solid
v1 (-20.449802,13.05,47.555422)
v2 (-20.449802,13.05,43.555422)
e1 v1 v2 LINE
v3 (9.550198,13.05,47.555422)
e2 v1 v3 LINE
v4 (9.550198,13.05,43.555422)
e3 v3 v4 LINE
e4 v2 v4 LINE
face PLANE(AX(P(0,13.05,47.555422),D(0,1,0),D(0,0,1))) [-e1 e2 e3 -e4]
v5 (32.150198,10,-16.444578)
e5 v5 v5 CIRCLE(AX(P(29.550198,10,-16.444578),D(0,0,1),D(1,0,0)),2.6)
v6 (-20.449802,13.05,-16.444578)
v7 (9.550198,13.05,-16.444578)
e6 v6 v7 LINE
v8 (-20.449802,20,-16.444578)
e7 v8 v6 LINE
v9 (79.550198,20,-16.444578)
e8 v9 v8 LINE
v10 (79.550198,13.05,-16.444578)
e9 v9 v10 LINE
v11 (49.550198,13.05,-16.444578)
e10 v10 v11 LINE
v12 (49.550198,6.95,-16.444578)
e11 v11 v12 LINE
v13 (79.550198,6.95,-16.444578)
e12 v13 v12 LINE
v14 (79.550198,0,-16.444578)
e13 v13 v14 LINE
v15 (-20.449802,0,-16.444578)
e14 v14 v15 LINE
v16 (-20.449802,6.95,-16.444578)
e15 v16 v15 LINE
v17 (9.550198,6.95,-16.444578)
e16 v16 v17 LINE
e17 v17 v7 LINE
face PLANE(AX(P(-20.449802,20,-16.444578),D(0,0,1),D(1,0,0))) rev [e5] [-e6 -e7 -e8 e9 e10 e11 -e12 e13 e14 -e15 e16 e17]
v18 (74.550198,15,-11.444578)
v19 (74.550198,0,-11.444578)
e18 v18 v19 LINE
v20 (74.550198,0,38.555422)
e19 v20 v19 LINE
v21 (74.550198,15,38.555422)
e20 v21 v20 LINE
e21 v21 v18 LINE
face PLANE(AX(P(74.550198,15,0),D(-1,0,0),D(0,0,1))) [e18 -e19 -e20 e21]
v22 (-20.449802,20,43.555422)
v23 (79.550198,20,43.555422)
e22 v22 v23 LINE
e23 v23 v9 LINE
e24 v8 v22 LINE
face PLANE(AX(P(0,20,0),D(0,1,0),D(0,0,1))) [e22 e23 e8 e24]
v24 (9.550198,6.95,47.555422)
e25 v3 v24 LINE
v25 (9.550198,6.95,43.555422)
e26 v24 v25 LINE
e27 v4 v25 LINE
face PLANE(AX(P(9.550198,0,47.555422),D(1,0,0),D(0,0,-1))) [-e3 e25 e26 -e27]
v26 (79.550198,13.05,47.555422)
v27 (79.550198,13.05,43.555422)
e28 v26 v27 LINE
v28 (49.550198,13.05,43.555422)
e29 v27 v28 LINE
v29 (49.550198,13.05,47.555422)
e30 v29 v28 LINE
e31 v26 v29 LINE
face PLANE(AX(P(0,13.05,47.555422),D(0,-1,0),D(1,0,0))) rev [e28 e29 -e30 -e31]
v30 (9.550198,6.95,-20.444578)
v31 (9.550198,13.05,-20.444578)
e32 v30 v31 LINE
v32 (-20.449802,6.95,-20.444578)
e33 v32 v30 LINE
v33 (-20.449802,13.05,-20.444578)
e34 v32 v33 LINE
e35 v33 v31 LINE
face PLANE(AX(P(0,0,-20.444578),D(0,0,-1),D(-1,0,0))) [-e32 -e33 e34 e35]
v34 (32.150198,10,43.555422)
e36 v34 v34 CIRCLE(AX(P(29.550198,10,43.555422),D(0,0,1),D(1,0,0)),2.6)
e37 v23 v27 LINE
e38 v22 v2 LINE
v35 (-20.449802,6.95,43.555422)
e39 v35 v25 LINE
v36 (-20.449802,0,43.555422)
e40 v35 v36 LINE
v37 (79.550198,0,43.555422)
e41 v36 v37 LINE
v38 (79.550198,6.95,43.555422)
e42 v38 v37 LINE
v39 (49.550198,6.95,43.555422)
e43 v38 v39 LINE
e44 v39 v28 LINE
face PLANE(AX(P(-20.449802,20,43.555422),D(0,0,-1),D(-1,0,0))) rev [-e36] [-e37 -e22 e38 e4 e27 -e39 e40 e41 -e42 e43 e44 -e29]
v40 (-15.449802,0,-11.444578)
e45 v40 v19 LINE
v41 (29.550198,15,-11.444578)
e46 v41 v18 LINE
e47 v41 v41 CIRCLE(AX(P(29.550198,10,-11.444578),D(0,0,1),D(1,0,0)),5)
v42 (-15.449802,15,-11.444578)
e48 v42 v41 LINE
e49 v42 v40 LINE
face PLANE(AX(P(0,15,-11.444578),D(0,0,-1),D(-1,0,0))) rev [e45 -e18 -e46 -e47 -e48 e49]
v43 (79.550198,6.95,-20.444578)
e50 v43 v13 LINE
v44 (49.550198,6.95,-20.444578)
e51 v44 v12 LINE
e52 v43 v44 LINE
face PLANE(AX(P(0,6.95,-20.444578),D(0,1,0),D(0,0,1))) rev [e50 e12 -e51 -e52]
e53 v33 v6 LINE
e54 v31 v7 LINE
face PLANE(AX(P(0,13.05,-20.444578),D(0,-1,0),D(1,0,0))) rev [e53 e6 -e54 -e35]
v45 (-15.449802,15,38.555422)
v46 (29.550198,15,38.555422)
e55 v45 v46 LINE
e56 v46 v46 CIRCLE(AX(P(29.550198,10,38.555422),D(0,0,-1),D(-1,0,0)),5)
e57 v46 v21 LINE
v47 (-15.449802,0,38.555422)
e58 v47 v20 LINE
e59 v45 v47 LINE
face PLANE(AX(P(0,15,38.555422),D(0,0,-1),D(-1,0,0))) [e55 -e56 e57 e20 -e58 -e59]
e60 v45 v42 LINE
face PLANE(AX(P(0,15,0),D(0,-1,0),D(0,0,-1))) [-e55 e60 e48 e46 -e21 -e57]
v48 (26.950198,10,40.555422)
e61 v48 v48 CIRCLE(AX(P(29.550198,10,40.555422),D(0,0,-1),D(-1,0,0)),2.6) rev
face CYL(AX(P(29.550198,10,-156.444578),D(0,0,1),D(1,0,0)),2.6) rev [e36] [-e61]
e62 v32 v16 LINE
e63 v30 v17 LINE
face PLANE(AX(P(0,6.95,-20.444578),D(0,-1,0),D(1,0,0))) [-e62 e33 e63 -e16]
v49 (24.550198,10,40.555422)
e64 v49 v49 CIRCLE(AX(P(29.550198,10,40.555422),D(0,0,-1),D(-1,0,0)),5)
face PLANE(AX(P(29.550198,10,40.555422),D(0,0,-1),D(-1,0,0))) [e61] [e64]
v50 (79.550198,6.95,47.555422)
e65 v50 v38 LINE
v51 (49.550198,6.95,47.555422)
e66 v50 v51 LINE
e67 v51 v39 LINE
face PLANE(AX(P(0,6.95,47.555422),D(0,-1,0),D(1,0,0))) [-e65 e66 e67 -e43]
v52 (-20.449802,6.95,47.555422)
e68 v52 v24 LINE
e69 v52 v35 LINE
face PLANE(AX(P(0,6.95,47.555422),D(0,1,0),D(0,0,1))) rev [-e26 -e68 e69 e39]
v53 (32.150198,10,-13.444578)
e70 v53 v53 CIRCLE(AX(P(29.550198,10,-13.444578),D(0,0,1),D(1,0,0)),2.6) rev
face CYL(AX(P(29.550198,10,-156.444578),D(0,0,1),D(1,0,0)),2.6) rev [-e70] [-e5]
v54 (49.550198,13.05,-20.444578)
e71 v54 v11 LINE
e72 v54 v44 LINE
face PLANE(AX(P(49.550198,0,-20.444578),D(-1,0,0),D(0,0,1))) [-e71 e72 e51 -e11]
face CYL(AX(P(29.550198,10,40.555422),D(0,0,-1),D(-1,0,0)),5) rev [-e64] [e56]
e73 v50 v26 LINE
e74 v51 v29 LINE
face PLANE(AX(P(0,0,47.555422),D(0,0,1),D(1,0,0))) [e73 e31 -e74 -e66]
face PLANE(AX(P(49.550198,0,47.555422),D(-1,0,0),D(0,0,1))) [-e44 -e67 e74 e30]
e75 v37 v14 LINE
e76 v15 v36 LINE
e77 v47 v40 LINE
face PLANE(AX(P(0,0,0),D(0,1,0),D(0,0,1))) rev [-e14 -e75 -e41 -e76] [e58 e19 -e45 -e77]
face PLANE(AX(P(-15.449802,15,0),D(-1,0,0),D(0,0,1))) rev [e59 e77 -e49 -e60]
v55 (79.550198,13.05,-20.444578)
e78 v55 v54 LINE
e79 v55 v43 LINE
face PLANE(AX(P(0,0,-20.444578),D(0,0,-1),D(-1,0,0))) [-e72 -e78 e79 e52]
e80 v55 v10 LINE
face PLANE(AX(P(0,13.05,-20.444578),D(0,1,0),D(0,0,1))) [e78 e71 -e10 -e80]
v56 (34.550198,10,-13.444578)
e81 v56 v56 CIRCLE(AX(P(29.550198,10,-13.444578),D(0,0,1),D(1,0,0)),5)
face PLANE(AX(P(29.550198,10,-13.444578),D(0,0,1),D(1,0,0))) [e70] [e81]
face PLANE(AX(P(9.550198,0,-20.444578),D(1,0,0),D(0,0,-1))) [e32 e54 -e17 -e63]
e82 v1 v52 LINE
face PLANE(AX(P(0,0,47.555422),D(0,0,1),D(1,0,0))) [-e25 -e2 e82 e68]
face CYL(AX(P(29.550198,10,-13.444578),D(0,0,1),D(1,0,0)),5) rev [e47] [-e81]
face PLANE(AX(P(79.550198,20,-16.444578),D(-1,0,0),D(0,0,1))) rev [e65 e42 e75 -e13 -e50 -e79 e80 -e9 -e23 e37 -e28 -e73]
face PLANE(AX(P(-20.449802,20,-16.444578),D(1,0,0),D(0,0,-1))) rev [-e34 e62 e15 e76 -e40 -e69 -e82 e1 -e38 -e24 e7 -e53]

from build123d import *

# Parameters (mm, degrees)
SKETCH_1_W          = 100
SKETCH_1_H          = 60
EXTRUDE_1_DEPTH     = 20
SKETCH_2_W          = 90
SKETCH_2_H          = 50
CUT_EXTRUDE_1_DEPTH = 15
CUT_EXTRUDE_6_DEPTH = 200
SKETCH_9_R          = 5
CUT_EXTRUDE_7_DEPTH = 2
CUT_EXTRUDE_START   = -2
SKETCH_10_R         = 5
CUT_EXTRUDE_8_DEPTH = 2
SKETCH_11_W         = 30
SKETCH_11_H         = 3.05
EXTRUDE_2_DEPTH     = 4
SKETCH_12_W         = 30
SKETCH_12_H         = 3.05
EXTRUDE_3_DEPTH     = 4


with BuildPart() as part:
    # 草图1 → 凸台-拉伸1 (new body)
    with BuildSketch(Plane(origin=(0, 0, 0), x_dir=(1, 0, 0), z_dir=(0, 1, 0))):
        with Locations((29.550198358, -13.555421679)):
            Rectangle(SKETCH_1_W, SKETCH_1_H)
    extrude(amount=EXTRUDE_1_DEPTH)

    # 草图2 → 切除-拉伸1 (cut)
    with BuildSketch(Plane.XZ):
        with Locations((29.550198358, 13.555421679)):
            Rectangle(SKETCH_2_W, SKETCH_2_H)
    extrude(amount=-CUT_EXTRUDE_1_DEPTH, mode=Mode.SUBTRACT)

    # 草图8 → 切除-拉伸6 (cut)
    with BuildSketch(Plane.XY.offset(43.555421679)):
        with BuildLine():
            ThreePointArc((32.150198358, 10), (31.388675989, 11.838477631), (29.550198358, 12.6))
            Line((29.550198358, 12.6), (29.550198358, 7.4))
            ThreePointArc((29.550198358, 7.4), (31.388675989, 8.161522369), (32.150198358, 10))
        make_face()
        with BuildLine():
            Line((29.550198358, 7.4), (29.550198358, 12.6))
            ThreePointArc((29.550198358, 12.6), (26.950198358, 10), (29.550198358, 7.4))
        make_face()
    extrude(amount=-CUT_EXTRUDE_6_DEPTH, mode=Mode.SUBTRACT)

    # 草图9 → 切除-拉伸7 (cut)
    with BuildSketch(Plane.XY.offset(-11.444578321)):
        with Locations((29.550198358, 10)):
            Circle(SKETCH_9_R)
    extrude(amount=-CUT_EXTRUDE_7_DEPTH, mode=Mode.SUBTRACT)

    # 草图10 → 切除-拉伸8 (cut)
    with BuildSketch(Plane(origin=(0, 0, 38.555421679), x_dir=(-1, 0, 0), z_dir=(0, 0, -1)).offset(CUT_EXTRUDE_START)):
        with Locations(Location((-29.550198358, 10, 0), (0, 0, 180))):
            Circle(SKETCH_10_R)
    extrude(amount=CUT_EXTRUDE_8_DEPTH, mode=Mode.SUBTRACT)

    # 草图11 → 凸台-拉伸2 (add)
    with BuildSketch(Plane(origin=(0, 0, -16.444578321), x_dir=(-1, 0, 0), z_dir=(0, 0, -1))):
        with Locations((5.449801642, 8.475)):
            Rectangle(SKETCH_11_W, SKETCH_11_H)
        with Locations((5.449801642, 11.525)):
            Rectangle(SKETCH_11_W, SKETCH_11_H)
        with Locations((-64.550198358, 8.475)):
            Rectangle(SKETCH_11_W, SKETCH_11_H)
        with Locations((-64.550198358, 11.525)):
            Rectangle(SKETCH_11_W, SKETCH_11_H)
    extrude(amount=EXTRUDE_2_DEPTH)

    # 草图12 → 凸台-拉伸3 (add)
    with BuildSketch(Plane.XY.offset(43.555421679)):
        with Locations((-5.449801642, 11.525)):
            Rectangle(SKETCH_12_W, SKETCH_12_H)
        with Locations((-5.449801642, 8.475)):
            Rectangle(SKETCH_12_W, SKETCH_12_H)
        with Locations((64.550198358, 11.525)):
            Rectangle(SKETCH_12_W, SKETCH_12_H)
        with Locations((64.550198358, 8.475)):
            Rectangle(SKETCH_12_W, SKETCH_12_H)
    extrude(amount=EXTRUDE_3_DEPTH)


solid = part.part
